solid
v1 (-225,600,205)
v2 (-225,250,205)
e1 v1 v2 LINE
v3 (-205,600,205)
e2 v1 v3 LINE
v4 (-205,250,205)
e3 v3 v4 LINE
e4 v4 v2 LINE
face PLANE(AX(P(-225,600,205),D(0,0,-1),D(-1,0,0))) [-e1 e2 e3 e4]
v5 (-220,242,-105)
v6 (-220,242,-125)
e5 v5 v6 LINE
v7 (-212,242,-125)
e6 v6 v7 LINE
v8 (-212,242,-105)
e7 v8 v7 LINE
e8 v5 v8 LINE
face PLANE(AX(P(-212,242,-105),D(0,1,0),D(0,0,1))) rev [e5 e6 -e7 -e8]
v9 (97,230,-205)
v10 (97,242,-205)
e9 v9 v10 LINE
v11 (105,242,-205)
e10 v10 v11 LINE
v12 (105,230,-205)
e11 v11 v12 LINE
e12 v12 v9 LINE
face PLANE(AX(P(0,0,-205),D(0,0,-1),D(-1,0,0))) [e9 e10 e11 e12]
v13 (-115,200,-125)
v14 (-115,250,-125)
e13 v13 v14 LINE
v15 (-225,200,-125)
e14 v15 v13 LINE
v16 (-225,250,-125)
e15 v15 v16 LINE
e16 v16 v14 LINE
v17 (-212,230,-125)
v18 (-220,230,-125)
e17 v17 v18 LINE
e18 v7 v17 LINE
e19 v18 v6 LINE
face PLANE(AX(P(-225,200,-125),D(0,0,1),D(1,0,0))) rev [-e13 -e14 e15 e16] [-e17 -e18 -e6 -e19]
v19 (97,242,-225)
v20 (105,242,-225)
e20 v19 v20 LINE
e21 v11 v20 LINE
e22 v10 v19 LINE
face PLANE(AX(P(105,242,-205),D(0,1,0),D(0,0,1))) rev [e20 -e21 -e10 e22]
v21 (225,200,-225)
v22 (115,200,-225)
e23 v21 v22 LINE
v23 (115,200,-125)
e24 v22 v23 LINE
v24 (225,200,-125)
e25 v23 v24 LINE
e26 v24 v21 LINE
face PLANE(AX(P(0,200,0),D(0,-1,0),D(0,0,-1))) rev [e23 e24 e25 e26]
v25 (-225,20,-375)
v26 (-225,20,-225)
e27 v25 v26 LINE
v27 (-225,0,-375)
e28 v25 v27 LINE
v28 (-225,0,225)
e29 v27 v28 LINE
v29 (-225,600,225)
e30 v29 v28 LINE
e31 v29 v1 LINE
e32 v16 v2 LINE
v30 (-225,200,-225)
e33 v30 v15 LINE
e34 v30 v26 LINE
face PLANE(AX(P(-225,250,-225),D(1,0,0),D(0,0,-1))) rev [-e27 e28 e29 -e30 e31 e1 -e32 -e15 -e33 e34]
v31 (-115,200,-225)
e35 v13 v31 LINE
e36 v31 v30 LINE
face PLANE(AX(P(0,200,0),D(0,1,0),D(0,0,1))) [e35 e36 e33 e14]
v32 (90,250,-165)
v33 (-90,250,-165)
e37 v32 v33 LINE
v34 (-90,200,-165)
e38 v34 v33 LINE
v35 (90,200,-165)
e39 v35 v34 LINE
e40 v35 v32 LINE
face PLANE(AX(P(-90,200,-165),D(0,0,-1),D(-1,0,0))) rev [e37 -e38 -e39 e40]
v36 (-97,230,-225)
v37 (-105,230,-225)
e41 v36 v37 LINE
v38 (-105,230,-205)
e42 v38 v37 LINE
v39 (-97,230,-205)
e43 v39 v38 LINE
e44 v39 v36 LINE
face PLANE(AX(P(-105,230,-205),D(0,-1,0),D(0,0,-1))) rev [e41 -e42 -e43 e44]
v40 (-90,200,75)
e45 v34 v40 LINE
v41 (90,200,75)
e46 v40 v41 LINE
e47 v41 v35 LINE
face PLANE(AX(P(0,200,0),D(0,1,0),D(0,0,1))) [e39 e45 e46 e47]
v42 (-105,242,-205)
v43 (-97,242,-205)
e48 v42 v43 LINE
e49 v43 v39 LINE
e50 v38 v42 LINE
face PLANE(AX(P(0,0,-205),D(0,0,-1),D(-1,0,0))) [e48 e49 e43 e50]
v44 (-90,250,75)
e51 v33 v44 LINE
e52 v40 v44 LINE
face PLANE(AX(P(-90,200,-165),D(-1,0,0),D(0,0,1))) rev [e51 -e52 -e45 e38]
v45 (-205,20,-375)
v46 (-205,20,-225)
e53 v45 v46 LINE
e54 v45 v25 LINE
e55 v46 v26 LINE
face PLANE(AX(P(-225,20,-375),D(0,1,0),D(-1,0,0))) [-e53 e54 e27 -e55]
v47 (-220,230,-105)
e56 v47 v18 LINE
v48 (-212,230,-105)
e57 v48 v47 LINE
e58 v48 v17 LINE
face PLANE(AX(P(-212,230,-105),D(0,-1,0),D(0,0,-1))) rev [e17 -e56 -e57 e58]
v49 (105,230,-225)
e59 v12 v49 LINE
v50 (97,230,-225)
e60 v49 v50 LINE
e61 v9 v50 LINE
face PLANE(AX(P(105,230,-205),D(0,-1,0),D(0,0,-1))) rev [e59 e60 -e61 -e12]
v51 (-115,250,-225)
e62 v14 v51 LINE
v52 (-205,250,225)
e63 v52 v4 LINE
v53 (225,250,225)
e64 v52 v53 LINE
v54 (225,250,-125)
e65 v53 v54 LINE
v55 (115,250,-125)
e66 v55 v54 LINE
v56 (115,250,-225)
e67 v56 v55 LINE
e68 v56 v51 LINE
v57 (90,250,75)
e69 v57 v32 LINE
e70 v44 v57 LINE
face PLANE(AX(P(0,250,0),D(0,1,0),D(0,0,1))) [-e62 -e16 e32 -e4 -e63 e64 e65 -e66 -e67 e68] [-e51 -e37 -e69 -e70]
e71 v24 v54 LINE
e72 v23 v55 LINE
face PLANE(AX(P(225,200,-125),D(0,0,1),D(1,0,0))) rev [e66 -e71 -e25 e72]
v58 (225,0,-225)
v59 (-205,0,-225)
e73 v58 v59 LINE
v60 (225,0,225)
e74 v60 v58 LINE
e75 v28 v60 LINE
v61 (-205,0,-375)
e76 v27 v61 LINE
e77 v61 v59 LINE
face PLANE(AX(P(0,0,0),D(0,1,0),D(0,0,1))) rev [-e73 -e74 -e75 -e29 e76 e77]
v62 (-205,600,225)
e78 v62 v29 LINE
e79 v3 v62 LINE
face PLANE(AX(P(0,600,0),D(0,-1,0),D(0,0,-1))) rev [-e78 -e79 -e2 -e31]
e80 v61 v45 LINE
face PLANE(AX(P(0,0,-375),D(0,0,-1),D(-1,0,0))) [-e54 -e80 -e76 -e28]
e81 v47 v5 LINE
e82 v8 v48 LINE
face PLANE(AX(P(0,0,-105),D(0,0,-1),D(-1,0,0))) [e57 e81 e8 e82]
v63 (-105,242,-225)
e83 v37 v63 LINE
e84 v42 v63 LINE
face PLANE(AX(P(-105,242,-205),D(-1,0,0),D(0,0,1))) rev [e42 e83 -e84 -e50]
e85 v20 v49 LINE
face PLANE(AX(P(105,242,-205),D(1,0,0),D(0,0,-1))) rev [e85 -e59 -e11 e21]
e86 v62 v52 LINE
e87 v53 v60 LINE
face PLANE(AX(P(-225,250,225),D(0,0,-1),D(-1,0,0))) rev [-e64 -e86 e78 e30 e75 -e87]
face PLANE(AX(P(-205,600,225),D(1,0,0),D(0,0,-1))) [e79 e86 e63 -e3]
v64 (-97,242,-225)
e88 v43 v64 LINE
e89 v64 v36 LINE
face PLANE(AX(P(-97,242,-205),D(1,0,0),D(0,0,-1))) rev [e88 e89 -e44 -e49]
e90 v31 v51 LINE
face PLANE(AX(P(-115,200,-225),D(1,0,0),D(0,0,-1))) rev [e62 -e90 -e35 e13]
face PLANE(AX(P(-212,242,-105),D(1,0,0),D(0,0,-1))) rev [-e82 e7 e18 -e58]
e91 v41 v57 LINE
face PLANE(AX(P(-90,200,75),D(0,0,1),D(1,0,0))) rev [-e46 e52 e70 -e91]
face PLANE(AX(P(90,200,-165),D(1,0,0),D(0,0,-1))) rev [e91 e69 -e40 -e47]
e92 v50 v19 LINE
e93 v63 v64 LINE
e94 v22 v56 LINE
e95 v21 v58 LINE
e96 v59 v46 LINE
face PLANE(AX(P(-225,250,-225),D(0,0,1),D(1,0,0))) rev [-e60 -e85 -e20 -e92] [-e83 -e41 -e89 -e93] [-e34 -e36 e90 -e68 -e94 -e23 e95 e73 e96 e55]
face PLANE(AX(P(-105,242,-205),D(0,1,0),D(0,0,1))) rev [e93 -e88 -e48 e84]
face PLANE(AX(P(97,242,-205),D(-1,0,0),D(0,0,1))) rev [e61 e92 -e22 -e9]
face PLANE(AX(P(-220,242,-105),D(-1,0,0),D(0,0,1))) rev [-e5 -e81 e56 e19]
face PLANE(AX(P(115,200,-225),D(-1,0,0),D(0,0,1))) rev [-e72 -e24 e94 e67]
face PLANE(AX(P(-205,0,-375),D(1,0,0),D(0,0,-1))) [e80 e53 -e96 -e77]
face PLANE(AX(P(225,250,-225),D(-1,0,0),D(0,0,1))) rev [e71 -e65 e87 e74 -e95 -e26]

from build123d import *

# Parameters (mm, degrees)
SKETCH_1_W          = 450
SKETCH_1_H          = 450
EXTRUDE_1_DEPTH     = 250
SKETCH_2_W          = 180
SKETCH_2_H          = 240
CUT_EXTRUDE_1_DEPTH = 50
SKETCH_3_W          = 110
SKETCH_3_H          = 100
CUT_EXTRUDE_2_DEPTH = 50
SKETCH_4_W          = 8
SKETCH_4_H          = 12
CUT_EXTRUDE_3_DEPTH = 20
SKETCH_5_W          = 8
SKETCH_5_H          = 12
CUT_EXTRUDE_4_DEPTH = 20
SKETCH_6_W          = 20
SKETCH_6_H          = 20
EXTRUDE_2_DEPTH     = 600
SKETCH_7_W          = 20
SKETCH_7_H          = 20
EXTRUDE_3_DEPTH     = 600


with BuildPart() as part:
    # 草图1 → 凸台-拉伸1 (new body)
    with BuildSketch(Plane(origin=(0, 0, 0), x_dir=(1, 0, 0), z_dir=(0, 1, 0))):
        Rectangle(SKETCH_1_W, SKETCH_1_H)
    extrude(amount=EXTRUDE_1_DEPTH)

    # 草图2 → 切除-拉伸1 (cut)
    with BuildSketch(Plane(origin=(0, 250, 0), x_dir=(1, 0, 0), z_dir=(0, 1, 0))):
        with Locations((0, 45)):
            Rectangle(SKETCH_2_W, SKETCH_2_H)
    extrude(amount=-CUT_EXTRUDE_1_DEPTH, mode=Mode.SUBTRACT)

    # 草图3 → 切除-拉伸2 (cut)
    with BuildSketch(Plane(origin=(0, 250, 0), x_dir=(1, 0, 0), z_dir=(0, 1, 0))):
        with Locations((-170, 175)):
            Rectangle(SKETCH_3_W, SKETCH_3_H)
        with Locations((170, 175)):
            Rectangle(SKETCH_3_W, SKETCH_3_H)
    extrude(amount=-CUT_EXTRUDE_2_DEPTH, mode=Mode.SUBTRACT)

    # 草图4 → 切除-拉伸3 (cut)
    with BuildSketch(Plane(origin=(0, 0, -225), x_dir=(-1, 0, 0), z_dir=(0, 0, -1))):
        with Locations((-101, 236)):
            Rectangle(SKETCH_4_W, SKETCH_4_H)
        with Locations((101, 236)):
            Rectangle(SKETCH_4_W, SKETCH_4_H)
    extrude(amount=-CUT_EXTRUDE_3_DEPTH, mode=Mode.SUBTRACT)

    # 草图5 → 切除-拉伸4 (cut)
    with BuildSketch(Plane(origin=(0, 0, -125), x_dir=(-1, 0, 0), z_dir=(0, 0, -1))):
        with Locations((216, 236)):
            Rectangle(SKETCH_5_W, SKETCH_5_H)
    extrude(amount=-CUT_EXTRUDE_4_DEPTH, mode=Mode.SUBTRACT)

    # 草图6 → 凸台-拉伸2 (add)
    with BuildSketch(Plane.XZ):
        with Locations((-215, 215)):
            Rectangle(SKETCH_6_W, SKETCH_6_H)
    extrude(amount=-EXTRUDE_2_DEPTH)

    # 草图7 → 凸台-拉伸3 (add)
    with BuildSketch(Plane.XY.offset(225)):
        with Locations((-215, 10)):
            Rectangle(SKETCH_7_W, SKETCH_7_H)
    extrude(amount=-EXTRUDE_3_DEPTH)


solid = part.part
